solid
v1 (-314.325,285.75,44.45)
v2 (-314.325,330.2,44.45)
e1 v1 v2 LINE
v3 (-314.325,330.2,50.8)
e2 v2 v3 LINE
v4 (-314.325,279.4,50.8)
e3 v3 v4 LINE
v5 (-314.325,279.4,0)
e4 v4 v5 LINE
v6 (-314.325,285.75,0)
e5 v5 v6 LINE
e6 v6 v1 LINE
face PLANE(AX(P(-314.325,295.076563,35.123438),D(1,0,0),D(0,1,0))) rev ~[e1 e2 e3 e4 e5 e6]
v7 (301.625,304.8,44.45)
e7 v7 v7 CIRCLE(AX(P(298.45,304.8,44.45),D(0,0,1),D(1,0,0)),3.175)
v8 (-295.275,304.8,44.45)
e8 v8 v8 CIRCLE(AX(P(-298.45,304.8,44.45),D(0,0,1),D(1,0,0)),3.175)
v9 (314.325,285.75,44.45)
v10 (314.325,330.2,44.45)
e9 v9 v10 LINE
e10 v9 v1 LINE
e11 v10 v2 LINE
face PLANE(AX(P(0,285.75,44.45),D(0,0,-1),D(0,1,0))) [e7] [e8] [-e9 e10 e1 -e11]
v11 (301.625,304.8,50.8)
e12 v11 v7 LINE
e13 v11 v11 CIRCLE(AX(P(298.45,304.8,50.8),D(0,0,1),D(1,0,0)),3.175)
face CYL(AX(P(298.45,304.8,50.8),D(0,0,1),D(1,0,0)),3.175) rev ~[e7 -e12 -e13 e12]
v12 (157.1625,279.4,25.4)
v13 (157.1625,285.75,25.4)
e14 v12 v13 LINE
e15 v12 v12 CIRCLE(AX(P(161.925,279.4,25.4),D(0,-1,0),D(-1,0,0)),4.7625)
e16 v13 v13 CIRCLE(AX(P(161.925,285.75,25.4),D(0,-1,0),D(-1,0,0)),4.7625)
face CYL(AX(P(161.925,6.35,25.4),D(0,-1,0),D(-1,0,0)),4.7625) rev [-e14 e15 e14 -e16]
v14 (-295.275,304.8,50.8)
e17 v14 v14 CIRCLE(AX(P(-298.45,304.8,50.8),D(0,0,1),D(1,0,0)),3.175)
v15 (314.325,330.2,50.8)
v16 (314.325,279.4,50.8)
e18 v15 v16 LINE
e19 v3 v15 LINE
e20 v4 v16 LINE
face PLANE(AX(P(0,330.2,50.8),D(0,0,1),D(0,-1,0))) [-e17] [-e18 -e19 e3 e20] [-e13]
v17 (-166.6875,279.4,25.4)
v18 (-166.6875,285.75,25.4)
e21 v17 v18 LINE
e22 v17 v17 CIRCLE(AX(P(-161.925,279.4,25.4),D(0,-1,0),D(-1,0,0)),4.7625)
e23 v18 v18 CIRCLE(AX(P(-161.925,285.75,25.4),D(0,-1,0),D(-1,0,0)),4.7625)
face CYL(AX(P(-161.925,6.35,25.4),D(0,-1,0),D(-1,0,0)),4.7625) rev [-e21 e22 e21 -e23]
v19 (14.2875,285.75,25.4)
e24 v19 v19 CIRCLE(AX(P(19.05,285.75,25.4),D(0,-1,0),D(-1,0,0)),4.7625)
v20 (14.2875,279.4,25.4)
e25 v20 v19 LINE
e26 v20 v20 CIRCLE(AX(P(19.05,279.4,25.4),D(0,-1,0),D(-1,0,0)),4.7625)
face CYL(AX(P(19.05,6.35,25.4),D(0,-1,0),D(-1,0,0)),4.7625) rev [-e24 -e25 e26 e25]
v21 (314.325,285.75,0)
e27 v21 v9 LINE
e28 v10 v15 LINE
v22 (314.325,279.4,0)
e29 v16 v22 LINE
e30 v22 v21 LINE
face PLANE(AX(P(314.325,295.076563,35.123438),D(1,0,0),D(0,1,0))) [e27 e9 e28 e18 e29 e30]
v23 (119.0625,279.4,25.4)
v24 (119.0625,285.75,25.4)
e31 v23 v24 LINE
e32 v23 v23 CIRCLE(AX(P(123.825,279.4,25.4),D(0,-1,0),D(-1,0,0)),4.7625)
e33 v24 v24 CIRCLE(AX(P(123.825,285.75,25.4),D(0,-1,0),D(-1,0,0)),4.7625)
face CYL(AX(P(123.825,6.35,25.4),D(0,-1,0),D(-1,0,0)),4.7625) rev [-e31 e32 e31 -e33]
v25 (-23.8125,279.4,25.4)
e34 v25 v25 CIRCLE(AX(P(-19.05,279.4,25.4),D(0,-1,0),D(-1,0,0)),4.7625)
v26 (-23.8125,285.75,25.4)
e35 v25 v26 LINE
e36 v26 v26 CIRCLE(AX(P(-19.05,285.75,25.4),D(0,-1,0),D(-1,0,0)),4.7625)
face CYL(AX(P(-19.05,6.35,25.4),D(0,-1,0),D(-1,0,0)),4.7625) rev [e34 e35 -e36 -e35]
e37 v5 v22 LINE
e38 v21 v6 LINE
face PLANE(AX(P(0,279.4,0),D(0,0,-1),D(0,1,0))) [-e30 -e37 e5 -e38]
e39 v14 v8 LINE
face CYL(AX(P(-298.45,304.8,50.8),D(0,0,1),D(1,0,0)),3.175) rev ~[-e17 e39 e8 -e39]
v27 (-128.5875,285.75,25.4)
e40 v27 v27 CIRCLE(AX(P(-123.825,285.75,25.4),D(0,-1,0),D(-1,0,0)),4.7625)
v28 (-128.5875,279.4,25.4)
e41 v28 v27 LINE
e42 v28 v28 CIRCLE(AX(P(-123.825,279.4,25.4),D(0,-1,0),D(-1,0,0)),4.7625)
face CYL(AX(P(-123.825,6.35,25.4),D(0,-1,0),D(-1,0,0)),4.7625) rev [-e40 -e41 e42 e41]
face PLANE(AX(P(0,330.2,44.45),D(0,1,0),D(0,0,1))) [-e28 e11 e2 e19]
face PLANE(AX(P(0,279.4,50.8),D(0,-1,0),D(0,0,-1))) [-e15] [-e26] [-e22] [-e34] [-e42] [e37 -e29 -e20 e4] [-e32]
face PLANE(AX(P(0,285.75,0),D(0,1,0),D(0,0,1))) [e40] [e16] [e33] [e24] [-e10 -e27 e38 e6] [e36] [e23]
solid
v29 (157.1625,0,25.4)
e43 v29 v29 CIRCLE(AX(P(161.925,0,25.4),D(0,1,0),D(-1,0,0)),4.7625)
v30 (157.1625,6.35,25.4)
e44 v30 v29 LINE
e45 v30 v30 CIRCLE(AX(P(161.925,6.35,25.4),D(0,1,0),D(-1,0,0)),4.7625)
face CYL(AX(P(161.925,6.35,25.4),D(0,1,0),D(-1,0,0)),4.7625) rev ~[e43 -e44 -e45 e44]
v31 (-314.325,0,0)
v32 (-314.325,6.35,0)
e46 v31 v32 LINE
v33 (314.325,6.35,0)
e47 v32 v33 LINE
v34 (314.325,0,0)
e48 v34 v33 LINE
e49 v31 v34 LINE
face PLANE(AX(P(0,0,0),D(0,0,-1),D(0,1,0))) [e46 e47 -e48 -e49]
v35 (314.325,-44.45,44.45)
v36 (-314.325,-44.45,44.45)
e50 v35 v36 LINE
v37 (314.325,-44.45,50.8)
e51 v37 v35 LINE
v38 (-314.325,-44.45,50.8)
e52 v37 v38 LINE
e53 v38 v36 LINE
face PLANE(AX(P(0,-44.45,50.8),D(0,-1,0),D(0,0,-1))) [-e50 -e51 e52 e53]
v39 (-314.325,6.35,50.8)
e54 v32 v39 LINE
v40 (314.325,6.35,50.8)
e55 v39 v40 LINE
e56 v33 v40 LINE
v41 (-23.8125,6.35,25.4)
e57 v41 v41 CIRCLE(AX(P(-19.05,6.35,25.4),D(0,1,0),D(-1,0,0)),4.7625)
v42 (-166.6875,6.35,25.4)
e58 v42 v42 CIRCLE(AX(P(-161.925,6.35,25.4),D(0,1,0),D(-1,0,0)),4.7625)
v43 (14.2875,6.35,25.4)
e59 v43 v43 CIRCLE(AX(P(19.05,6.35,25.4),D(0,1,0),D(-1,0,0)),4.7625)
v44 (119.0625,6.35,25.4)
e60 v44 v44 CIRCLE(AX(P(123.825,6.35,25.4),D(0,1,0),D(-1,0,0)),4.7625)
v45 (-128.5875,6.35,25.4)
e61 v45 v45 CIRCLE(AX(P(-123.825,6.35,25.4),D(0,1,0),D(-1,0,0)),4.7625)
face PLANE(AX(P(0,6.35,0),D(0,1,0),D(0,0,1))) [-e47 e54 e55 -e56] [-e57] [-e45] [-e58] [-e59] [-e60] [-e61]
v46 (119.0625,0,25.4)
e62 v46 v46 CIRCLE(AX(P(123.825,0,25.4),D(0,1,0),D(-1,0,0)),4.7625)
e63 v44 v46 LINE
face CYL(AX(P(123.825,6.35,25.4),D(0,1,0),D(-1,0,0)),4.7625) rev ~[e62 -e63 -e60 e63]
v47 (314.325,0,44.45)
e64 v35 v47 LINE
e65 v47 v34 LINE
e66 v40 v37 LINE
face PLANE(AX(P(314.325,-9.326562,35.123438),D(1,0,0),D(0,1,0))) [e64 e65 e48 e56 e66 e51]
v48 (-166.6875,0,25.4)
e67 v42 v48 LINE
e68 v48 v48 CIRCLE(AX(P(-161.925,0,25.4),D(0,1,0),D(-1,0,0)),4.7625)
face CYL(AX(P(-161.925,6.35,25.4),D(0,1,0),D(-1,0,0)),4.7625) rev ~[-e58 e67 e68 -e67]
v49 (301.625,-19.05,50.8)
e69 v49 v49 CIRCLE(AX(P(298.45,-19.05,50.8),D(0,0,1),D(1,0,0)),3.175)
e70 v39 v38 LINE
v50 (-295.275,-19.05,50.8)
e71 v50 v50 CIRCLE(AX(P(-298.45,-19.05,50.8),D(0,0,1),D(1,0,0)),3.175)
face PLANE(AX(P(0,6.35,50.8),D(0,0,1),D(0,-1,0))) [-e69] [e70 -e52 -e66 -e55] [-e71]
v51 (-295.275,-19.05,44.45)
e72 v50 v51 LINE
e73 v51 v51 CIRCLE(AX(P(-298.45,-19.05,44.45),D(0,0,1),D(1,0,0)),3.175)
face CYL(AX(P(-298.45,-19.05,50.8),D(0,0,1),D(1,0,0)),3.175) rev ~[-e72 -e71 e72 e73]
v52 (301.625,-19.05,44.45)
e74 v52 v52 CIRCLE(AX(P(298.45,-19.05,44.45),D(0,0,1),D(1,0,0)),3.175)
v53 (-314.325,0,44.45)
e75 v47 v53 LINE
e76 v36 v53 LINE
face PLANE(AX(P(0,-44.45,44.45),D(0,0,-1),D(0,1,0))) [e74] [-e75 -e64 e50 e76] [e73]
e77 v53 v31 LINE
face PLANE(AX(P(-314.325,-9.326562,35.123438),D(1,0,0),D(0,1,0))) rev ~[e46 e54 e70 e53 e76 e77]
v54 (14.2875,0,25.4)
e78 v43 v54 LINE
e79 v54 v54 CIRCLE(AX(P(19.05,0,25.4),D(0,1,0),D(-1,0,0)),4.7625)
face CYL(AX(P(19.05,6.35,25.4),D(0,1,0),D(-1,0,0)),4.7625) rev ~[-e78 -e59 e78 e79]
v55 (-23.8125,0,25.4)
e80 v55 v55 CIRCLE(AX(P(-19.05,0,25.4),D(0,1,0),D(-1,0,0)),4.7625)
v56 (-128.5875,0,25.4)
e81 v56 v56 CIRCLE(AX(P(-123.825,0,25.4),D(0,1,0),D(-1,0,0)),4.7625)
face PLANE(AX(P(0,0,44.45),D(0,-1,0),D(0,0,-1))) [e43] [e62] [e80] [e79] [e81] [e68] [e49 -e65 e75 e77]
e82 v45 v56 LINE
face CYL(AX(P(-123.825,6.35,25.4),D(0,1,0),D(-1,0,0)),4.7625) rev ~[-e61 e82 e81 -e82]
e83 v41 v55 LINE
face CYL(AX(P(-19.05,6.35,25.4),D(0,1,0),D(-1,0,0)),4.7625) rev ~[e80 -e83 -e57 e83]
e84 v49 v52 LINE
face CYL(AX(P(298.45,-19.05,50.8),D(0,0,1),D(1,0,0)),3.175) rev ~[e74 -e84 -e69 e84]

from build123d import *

# Parameters (mm, degrees)
F1_DEPTH      = 314.325
F2_R          = 3.175
F3_DEPTH      = 50.801
F4_R          = 4.7625
F5_DEPTH      = 50.801
F5_DEPTH_BACK = 323.851


with BuildPart() as f1:
    # F0 (on Right) → F1 (new body, symmetric)
    with BuildSketch(Plane.YZ):
        Polygon((0, 44.45), (0, 0), (6.35, 0), (6.35, 50.8), (-44.45, 50.8), (-44.45, 44.45), align=None)
    extrude(amount=F1_DEPTH, both=True)


with BuildPart() as f1b:
    # F0 (on Right) → F1, piece 2 (new body, symmetric)
    with BuildSketch(Plane.YZ):
        Polygon((330.2, 44.45), (330.2, 50.8), (279.4, 50.8), (279.4, 0), (285.75, 0), (285.75, 44.45), align=None)
    extrude(amount=F1_DEPTH, both=True)


with BuildPart() as f3_tool:
    # F2 (on face) → F3 (new body, through all)
    with BuildSketch(Plane.XY.offset(50.8)):
        with Locations((-298.45, -19.05)):
            Circle(F2_R)
        with Locations((298.45, -19.05)):
            Circle(F2_R)
        with Locations((-298.45, 304.8)):
            Circle(F2_R)
        with Locations((298.45, 304.8)):
            Circle(F2_R)
    extrude(amount=-F3_DEPTH)


with BuildPart() as f1_1:
    add(f1.part)

    # F3: cut by f3_tool
    add(f3_tool.part, mode=Mode.SUBTRACT)


with BuildPart() as f1b_1:
    add(f1b.part)

    # F3: cut by f3_tool
    add(f3_tool.part, mode=Mode.SUBTRACT)


with BuildPart() as f5_tool:
    # F4 (on face) → F5 (new body, two sides)
    with BuildSketch(Plane(origin=(0, 6.35, 0), x_dir=(-1, 0, 0), z_dir=(0, 1, 0))) as f5_sk:
        with Locations((123.825, 25.4)):
            Circle(F4_R)
        with Locations((161.925, 25.4)):
            Circle(F4_R)
        with Locations((19.05, 25.4)):
            Circle(F4_R)
        with Locations((-19.05, 25.4)):
            Circle(F4_R)
        with Locations((-123.825, 25.4)):
            Circle(F4_R)
        with Locations((-161.925, 25.4)):
            Circle(F4_R)
    extrude(amount=-F5_DEPTH)
    extrude(f5_sk.sketch, amount=F5_DEPTH_BACK)


with BuildPart() as f1_2:
    add(f1_1.part)

    # F5: cut by f5_tool
    add(f5_tool.part, mode=Mode.SUBTRACT)


with BuildPart() as f1b_2:
    add(f1b_1.part)

    # F5: cut by f5_tool
    add(f5_tool.part, mode=Mode.SUBTRACT)


solid = Compound([f1_2.part, f1b_2.part])
